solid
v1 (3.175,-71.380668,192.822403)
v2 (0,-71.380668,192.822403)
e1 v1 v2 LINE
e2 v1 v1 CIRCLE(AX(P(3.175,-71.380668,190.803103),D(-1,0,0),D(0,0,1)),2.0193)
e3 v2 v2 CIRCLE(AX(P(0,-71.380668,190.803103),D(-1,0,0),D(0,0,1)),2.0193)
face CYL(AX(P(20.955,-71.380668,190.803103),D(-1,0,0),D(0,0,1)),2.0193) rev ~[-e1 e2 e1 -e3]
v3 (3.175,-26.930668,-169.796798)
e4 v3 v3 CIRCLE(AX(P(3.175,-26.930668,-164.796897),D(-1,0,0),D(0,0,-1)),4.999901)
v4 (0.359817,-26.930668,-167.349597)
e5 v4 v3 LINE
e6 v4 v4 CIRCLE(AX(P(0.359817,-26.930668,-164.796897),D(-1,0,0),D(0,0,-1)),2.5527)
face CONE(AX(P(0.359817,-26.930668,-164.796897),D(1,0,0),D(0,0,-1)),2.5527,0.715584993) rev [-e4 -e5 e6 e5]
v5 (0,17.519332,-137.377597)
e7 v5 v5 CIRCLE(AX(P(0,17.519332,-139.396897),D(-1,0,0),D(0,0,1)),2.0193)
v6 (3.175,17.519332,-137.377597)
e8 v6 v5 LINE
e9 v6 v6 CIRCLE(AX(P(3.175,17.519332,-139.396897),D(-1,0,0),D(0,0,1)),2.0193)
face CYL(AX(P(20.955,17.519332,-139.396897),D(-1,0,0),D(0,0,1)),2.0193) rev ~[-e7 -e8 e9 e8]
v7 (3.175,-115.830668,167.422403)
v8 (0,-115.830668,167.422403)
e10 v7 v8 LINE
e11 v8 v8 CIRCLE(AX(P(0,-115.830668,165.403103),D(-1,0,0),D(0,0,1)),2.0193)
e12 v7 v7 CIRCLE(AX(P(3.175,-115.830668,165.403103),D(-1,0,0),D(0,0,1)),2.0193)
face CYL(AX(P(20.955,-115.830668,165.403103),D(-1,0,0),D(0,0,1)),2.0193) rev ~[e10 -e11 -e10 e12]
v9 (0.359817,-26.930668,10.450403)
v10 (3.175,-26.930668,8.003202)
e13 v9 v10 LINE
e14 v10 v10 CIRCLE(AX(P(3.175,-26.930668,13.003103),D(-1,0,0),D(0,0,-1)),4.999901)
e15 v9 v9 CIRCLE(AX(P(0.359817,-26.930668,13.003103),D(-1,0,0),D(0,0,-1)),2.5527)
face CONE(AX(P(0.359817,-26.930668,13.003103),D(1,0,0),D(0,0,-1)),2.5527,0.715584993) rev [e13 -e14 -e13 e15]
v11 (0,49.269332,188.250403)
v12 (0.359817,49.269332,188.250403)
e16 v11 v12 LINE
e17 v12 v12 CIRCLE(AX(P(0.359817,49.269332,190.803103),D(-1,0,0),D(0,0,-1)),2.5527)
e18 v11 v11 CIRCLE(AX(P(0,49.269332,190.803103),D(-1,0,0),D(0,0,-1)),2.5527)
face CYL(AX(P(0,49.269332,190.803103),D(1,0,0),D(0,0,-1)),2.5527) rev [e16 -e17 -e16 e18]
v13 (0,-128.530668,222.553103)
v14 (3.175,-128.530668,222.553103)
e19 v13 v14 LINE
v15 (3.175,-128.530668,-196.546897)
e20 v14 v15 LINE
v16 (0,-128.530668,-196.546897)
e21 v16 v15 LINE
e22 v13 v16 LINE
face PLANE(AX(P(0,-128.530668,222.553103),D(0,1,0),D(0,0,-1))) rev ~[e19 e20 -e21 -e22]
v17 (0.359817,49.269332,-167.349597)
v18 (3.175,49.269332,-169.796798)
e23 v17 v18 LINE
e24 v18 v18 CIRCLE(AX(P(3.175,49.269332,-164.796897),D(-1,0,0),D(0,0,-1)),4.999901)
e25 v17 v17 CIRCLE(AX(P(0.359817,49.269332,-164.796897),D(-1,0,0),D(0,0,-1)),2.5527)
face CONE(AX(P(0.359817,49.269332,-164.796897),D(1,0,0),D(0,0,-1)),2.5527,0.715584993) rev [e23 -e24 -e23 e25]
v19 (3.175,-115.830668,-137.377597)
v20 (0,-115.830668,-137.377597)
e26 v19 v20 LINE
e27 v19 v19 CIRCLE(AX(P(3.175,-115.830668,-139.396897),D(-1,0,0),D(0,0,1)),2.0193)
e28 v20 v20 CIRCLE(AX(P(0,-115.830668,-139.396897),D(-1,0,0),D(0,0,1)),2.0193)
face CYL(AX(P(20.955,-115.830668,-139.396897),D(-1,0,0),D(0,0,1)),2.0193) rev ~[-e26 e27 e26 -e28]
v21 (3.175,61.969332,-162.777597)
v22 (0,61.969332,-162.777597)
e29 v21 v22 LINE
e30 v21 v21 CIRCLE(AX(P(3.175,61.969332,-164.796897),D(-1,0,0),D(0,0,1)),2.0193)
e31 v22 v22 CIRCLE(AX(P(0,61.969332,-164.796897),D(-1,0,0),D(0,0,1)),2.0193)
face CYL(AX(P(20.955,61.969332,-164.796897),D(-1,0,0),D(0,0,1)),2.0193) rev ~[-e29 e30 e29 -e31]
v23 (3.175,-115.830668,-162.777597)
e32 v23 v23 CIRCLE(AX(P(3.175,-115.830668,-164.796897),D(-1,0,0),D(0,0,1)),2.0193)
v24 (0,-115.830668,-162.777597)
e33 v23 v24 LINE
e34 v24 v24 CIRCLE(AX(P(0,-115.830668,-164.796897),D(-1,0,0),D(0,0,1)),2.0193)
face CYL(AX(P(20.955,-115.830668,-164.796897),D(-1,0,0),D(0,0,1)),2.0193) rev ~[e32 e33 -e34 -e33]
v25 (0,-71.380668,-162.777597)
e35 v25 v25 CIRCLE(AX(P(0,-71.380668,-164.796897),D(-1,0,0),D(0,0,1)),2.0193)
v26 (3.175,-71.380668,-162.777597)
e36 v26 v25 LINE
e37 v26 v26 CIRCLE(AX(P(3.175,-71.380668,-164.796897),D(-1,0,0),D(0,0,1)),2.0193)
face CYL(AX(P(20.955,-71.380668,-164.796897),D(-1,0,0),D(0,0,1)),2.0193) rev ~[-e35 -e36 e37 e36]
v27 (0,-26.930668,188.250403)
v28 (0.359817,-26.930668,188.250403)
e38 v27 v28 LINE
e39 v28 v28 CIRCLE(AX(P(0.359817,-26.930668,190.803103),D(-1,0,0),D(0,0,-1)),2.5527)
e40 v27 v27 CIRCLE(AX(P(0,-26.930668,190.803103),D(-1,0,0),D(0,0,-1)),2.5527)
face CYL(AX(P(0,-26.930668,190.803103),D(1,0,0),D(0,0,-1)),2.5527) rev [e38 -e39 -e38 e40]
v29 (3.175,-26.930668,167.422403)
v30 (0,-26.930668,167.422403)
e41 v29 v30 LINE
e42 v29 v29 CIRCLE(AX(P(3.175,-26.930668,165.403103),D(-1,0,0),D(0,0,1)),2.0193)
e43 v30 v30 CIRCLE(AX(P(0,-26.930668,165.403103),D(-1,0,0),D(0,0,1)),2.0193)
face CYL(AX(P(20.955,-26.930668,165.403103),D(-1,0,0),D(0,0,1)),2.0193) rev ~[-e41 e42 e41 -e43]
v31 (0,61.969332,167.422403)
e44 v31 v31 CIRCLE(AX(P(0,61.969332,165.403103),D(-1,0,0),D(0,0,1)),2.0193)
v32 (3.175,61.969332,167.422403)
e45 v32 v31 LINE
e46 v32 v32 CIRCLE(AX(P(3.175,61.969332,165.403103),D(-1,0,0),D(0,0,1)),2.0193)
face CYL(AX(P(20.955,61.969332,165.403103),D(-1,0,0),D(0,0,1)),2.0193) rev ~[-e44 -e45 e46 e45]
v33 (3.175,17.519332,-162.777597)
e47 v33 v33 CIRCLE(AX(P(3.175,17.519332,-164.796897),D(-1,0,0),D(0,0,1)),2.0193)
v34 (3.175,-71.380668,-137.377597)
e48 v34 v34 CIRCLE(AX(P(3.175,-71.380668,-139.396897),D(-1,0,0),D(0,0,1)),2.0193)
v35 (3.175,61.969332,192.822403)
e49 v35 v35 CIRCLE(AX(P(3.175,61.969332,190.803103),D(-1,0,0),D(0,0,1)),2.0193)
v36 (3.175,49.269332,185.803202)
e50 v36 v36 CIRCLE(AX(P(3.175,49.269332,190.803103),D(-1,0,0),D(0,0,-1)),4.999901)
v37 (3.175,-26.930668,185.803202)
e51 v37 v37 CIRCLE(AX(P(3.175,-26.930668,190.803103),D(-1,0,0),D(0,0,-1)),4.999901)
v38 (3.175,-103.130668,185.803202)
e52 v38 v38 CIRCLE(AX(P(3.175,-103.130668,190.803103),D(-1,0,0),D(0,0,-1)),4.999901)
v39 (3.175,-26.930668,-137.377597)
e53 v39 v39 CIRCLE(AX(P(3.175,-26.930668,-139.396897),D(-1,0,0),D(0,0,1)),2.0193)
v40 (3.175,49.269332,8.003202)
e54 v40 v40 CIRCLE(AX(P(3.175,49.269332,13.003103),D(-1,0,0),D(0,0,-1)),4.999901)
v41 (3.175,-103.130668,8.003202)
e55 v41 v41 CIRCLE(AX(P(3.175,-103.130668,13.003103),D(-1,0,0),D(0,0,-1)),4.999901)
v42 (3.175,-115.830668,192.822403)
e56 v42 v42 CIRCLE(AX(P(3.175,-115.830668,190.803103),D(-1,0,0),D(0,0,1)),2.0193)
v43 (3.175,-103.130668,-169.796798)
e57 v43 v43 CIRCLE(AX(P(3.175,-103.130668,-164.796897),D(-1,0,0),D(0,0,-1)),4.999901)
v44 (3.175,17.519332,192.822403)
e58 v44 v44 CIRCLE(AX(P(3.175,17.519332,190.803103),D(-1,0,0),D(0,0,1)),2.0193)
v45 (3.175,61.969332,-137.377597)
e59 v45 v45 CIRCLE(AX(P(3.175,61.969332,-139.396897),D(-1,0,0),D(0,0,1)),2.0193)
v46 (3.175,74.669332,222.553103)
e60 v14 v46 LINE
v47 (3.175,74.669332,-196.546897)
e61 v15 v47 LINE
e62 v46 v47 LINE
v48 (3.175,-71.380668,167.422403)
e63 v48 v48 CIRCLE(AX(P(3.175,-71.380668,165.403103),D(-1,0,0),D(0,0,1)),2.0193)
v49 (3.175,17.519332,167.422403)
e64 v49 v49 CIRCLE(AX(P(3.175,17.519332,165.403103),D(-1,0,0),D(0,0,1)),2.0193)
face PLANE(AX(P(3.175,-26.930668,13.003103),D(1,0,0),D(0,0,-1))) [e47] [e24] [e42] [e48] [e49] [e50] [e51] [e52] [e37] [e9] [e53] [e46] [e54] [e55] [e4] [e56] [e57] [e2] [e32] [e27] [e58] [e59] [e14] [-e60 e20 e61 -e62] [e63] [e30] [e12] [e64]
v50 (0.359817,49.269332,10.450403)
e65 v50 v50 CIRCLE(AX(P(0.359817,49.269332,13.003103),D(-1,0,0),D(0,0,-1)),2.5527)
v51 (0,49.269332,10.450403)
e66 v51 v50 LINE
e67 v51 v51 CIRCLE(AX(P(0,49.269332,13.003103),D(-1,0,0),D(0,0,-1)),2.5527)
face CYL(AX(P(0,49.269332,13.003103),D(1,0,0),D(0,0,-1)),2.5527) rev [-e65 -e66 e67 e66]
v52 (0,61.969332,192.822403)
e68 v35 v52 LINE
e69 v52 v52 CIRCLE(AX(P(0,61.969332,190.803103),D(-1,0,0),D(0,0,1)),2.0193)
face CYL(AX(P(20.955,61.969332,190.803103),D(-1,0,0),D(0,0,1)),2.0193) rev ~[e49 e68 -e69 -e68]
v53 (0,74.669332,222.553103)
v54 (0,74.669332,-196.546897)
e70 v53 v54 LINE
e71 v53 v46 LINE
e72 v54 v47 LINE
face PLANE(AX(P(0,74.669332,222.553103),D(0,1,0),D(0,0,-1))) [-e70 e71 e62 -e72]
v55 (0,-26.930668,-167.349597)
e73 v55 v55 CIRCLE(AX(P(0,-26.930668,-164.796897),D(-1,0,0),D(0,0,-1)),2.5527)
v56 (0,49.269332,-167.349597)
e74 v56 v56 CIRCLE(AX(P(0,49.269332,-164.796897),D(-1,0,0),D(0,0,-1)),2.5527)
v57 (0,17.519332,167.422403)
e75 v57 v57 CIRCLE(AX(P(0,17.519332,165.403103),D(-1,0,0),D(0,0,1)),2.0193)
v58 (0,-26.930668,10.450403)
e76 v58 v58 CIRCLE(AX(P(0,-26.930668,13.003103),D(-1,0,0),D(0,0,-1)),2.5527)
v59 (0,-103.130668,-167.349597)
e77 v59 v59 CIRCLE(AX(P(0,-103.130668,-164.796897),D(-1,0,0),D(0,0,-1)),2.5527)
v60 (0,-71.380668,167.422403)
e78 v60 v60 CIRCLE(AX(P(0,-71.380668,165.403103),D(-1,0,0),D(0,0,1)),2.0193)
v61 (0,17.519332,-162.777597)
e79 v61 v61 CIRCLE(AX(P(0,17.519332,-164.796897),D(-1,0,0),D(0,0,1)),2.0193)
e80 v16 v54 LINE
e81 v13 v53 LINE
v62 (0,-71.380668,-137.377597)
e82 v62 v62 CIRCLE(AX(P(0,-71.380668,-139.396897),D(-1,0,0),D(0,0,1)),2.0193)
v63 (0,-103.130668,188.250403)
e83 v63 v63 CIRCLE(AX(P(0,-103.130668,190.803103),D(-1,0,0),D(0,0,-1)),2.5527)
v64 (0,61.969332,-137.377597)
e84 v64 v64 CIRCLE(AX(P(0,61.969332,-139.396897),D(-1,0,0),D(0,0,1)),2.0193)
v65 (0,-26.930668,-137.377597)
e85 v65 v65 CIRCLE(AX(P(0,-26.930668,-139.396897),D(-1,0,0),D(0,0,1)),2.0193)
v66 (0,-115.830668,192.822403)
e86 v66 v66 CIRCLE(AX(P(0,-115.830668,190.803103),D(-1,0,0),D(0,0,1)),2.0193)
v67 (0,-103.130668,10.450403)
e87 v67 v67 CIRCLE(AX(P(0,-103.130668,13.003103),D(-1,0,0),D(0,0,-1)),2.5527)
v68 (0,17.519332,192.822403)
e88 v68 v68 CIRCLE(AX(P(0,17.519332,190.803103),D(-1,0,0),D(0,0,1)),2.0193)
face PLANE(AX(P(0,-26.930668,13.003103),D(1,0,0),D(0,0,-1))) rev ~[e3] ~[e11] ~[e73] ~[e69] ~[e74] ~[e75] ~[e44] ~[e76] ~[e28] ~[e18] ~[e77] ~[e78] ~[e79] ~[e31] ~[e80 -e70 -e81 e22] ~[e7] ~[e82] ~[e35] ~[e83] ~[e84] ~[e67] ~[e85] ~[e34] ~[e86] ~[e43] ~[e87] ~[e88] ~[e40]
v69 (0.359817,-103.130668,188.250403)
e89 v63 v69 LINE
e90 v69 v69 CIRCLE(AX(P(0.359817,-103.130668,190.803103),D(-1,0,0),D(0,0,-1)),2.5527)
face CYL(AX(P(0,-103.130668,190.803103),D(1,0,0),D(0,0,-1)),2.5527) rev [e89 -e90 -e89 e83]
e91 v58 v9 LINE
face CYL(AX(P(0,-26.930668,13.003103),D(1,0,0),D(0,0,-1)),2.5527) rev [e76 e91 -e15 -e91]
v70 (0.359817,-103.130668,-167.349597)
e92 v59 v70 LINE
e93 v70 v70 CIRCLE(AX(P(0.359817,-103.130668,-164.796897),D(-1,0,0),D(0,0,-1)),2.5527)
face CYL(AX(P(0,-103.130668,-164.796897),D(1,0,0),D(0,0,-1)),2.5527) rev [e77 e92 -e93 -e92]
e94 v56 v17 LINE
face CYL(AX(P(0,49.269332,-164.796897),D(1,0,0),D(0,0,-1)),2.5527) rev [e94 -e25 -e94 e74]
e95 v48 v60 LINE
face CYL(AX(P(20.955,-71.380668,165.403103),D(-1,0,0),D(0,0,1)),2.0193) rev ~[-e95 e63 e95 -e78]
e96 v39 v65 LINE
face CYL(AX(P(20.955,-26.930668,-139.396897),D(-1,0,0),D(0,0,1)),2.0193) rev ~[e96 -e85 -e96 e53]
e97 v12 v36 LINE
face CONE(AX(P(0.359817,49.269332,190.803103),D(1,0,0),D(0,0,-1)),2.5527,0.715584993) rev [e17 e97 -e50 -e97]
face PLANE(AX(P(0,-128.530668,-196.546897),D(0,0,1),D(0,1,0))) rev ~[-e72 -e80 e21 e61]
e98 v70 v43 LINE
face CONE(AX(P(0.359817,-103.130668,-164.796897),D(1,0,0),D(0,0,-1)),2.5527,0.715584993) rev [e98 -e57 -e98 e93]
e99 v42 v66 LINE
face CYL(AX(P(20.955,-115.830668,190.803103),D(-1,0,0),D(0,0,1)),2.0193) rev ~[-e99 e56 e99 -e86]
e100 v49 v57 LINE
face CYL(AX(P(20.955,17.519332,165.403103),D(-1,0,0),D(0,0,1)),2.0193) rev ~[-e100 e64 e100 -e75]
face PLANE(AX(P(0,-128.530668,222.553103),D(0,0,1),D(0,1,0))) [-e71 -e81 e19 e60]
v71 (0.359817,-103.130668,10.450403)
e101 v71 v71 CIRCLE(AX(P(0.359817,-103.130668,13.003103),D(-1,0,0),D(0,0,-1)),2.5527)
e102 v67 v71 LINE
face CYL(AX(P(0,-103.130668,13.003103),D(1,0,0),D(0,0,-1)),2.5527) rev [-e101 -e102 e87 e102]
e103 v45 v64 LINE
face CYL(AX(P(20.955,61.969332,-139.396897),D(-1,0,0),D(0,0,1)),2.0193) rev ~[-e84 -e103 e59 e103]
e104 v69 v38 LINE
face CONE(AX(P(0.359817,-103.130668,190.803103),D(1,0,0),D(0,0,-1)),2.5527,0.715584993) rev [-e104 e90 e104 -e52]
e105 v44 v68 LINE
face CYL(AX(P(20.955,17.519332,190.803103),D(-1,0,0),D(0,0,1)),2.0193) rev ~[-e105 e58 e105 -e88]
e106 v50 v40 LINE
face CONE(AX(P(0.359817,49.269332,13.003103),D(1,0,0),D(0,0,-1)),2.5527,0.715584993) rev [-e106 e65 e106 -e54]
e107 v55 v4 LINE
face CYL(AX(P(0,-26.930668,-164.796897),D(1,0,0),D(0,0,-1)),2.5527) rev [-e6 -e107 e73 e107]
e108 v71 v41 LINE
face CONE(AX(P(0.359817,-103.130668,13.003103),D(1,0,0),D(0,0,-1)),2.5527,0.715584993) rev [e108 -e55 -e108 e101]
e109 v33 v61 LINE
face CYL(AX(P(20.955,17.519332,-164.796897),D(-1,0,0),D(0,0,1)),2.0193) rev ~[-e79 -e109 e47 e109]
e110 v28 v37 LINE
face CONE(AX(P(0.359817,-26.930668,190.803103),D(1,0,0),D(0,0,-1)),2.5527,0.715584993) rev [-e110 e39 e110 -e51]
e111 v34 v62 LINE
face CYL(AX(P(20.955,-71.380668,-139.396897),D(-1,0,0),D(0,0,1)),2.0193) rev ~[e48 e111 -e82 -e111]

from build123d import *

# Parameters (mm, degrees)
SKETCH1_W                                    = 419.1
SKETCH1_H                                    = 203.2
BOSS_EXTRUDE1_DEPTH                          = 3.175
CSK_FOR_10_FLAT_HEAD_MACHINE_SCREW1_AT_COUNT = 2
CSK_FOR_10_FLAT_HEAD_MACHINE_SCREW1_AT_PITCH = 76.2
CSK_FOR_10_FLAT_HEAD_MACHINE_SCREW1_2_COUNT  = 2
CSK_FOR_10_FLAT_HEAD_MACHINE_SCREW1_2_PITCH  = 152.4
CSK_FOR_10_FLAT_HEAD_MACHINE_SCREW1_3_COUNT  = 2
CSK_FOR_10_FLAT_HEAD_MACHINE_SCREW1_3_PITCH  = 177.8
CSK_FOR_10_FLAT_HEAD_MACHINE_SCREW1_4_COUNT  = 2
CSK_FOR_10_FLAT_HEAD_MACHINE_SCREW1_4_PITCH  = 193.440636889
CSK_FOR_10_FLAT_HEAD_MACHINE_SCREW1_5_COUNT  = 2
CSK_FOR_10_FLAT_HEAD_MACHINE_SCREW1_5_PITCH  = 234.176429215
CSK_FOR_10_FLAT_HEAD_MACHINE_SCREW1_6_COUNT  = 2
CSK_FOR_10_FLAT_HEAD_MACHINE_SCREW1_6_PITCH  = 363.672655007
CSK_FOR_10_FLAT_HEAD_MACHINE_SCREW1_7_COUNT  = 2
CSK_FOR_10_FLAT_HEAD_MACHINE_SCREW1_7_PITCH  = 386.881273778
F_10_32_TAPPED_HOLE1_D                       = 4.0386
F_10_32_TAPPED_HOLE1_DEPTH                   = 17.78
F_10_32_TAPPED_HOLE1_TIP                     = 1.213317848


with BuildPart() as part:
    # Sketch1 → Boss-Extrude1 (new body)
    with BuildSketch(Plane(origin=(0, 0, 0), x_dir=(0, 0, -1), z_dir=(1, 0, 0))):
        with Locations((-13.003102625, -26.930668258)):
            Rectangle(SKETCH1_W, SKETCH1_H)
    extrude(amount=BOSS_EXTRUDE1_DEPTH)

    # Sketch6 → CSK for #10 Flat Head Machine Screw1 (revolve, cut)
    with BuildSketch(Plane(origin=(3.175, 49.269331742, 190.803102625), x_dir=(0, 0, -1), z_dir=(0, 1, 0))):
        Polygon((0, 0), (0, 3.175), (2.5527, 3.175), (2.5527, 2.815182832), (4.9999011, 0), align=None)
    csk_for_10_flat_head_machine_screw1 = revolve(axis=Axis((9.525, 49.269331742, 190.803102625), (-1, 0, 0)), mode=Mode.SUBTRACT)

    # CSK for #10 Flat Head Machine Screw1 at: CSK for #10 Flat Head Machine Screw1 ×2
    with Locations(*[(0, -i * CSK_FOR_10_FLAT_HEAD_MACHINE_SCREW1_AT_PITCH, 0) for i in range(1, CSK_FOR_10_FLAT_HEAD_MACHINE_SCREW1_AT_COUNT)]):
        add(csk_for_10_flat_head_machine_screw1, mode=Mode.SUBTRACT)

    # CSK for _10 Flat Head Machine Screw1 2: CSK for #10 Flat Head Machine Screw1 ×2
    with Locations(*[(0, -i * CSK_FOR_10_FLAT_HEAD_MACHINE_SCREW1_2_PITCH, 0) for i in range(1, CSK_FOR_10_FLAT_HEAD_MACHINE_SCREW1_2_COUNT)]):
        add(csk_for_10_flat_head_machine_screw1, mode=Mode.SUBTRACT)

    # CSK for _10 Flat Head Machine Screw1 3: CSK for #10 Flat Head Machine Screw1 ×2
    with Locations(*[(0, 0, -i * CSK_FOR_10_FLAT_HEAD_MACHINE_SCREW1_3_PITCH) for i in range(1, CSK_FOR_10_FLAT_HEAD_MACHINE_SCREW1_3_COUNT)]):
        add(csk_for_10_flat_head_machine_screw1, mode=Mode.SUBTRACT)

    # CSK for _10 Flat Head Machine Screw1 4: CSK for #10 Flat Head Machine Screw1 ×2
    with Locations(*[Vector(0, -0.3939192985791677, -0.9191450300180579) * (i * CSK_FOR_10_FLAT_HEAD_MACHINE_SCREW1_4_PITCH) for i in range(1, CSK_FOR_10_FLAT_HEAD_MACHINE_SCREW1_4_COUNT)]):
        add(csk_for_10_flat_head_machine_screw1, mode=Mode.SUBTRACT)

    # CSK for _10 Flat Head Machine Screw1 5: CSK for #10 Flat Head Machine Screw1 ×2
    with Locations(*[Vector(0, -0.6507913734559686, -0.7592566023652966) * (i * CSK_FOR_10_FLAT_HEAD_MACHINE_SCREW1_5_PITCH) for i in range(1, CSK_FOR_10_FLAT_HEAD_MACHINE_SCREW1_5_COUNT)]):
        add(csk_for_10_flat_head_machine_screw1, mode=Mode.SUBTRACT)

    # CSK for _10 Flat Head Machine Screw1 6: CSK for #10 Flat Head Machine Screw1 ×2
    with Locations(*[Vector(0, -0.2095290887308735, -0.9778024140774095) * (i * CSK_FOR_10_FLAT_HEAD_MACHINE_SCREW1_6_PITCH) for i in range(1, CSK_FOR_10_FLAT_HEAD_MACHINE_SCREW1_6_COUNT)]):
        add(csk_for_10_flat_head_machine_screw1, mode=Mode.SUBTRACT)

    # CSK for _10 Flat Head Machine Screw1 7: CSK for #10 Flat Head Machine Screw1 ×2
    with Locations(*[Vector(0, -0.3939192985791677, -0.9191450300180579) * (i * CSK_FOR_10_FLAT_HEAD_MACHINE_SCREW1_7_PITCH) for i in range(1, CSK_FOR_10_FLAT_HEAD_MACHINE_SCREW1_7_COUNT)]):
        add(csk_for_10_flat_head_machine_screw1, mode=Mode.SUBTRACT)

    # Sketch8 → CSK for #10 Flat Head Machine Screw2 (revolve, cut)
    with BuildSketch(Plane(origin=(3.175, 49.269331742, -164.796897375), x_dir=(0, 0, -1), z_dir=(0, 1, 0))):
        Polygon((0, 0), (0, 3.175), (2.5527, 3.175), (2.5527, 2.815182832), (4.9999011, 0), align=None)
    revolve(axis=Axis((9.525, 49.269331742, -164.796897375), (-1, 0, 0)), mode=Mode.SUBTRACT)

    # #10-32 Tapped Hole1
    with Locations(Plane(origin=(3.175, 3.54145716, 145.203510543), x_dir=(0, 0, -1), z_dir=(1, 0, 0))):
        with Locations((284.600407918, 58.427874582), (310.000407918, 58.427874582), (284.600407918, 13.977874582), (310.000407918, 13.977874582), (284.600407918, -30.472125418), (284.600407918, -74.922125418), (310.000407918, -74.922125418), (284.600407918, -119.372125418), (310.000407918, -119.372125418), (-20.199592082, 58.427874582), (-45.599592082, 58.427874582), (-20.199592082, 13.977874582), (-45.599592082, 13.977874582), (-20.199592082, -30.472125418), (-20.199592082, -74.922125418), (-45.599592082, -74.922125418), (-45.599592082, -119.372125418), (-20.199592082, -119.372125418)):
            Hole(F_10_32_TAPPED_HOLE1_D / 2, depth=F_10_32_TAPPED_HOLE1_DEPTH)
            with Locations((0, 0, -(F_10_32_TAPPED_HOLE1_DEPTH + F_10_32_TAPPED_HOLE1_TIP / 2))):  # 118° drill point
                Cone(0, F_10_32_TAPPED_HOLE1_D / 2, F_10_32_TAPPED_HOLE1_TIP, mode=Mode.SUBTRACT)


solid = part.part
